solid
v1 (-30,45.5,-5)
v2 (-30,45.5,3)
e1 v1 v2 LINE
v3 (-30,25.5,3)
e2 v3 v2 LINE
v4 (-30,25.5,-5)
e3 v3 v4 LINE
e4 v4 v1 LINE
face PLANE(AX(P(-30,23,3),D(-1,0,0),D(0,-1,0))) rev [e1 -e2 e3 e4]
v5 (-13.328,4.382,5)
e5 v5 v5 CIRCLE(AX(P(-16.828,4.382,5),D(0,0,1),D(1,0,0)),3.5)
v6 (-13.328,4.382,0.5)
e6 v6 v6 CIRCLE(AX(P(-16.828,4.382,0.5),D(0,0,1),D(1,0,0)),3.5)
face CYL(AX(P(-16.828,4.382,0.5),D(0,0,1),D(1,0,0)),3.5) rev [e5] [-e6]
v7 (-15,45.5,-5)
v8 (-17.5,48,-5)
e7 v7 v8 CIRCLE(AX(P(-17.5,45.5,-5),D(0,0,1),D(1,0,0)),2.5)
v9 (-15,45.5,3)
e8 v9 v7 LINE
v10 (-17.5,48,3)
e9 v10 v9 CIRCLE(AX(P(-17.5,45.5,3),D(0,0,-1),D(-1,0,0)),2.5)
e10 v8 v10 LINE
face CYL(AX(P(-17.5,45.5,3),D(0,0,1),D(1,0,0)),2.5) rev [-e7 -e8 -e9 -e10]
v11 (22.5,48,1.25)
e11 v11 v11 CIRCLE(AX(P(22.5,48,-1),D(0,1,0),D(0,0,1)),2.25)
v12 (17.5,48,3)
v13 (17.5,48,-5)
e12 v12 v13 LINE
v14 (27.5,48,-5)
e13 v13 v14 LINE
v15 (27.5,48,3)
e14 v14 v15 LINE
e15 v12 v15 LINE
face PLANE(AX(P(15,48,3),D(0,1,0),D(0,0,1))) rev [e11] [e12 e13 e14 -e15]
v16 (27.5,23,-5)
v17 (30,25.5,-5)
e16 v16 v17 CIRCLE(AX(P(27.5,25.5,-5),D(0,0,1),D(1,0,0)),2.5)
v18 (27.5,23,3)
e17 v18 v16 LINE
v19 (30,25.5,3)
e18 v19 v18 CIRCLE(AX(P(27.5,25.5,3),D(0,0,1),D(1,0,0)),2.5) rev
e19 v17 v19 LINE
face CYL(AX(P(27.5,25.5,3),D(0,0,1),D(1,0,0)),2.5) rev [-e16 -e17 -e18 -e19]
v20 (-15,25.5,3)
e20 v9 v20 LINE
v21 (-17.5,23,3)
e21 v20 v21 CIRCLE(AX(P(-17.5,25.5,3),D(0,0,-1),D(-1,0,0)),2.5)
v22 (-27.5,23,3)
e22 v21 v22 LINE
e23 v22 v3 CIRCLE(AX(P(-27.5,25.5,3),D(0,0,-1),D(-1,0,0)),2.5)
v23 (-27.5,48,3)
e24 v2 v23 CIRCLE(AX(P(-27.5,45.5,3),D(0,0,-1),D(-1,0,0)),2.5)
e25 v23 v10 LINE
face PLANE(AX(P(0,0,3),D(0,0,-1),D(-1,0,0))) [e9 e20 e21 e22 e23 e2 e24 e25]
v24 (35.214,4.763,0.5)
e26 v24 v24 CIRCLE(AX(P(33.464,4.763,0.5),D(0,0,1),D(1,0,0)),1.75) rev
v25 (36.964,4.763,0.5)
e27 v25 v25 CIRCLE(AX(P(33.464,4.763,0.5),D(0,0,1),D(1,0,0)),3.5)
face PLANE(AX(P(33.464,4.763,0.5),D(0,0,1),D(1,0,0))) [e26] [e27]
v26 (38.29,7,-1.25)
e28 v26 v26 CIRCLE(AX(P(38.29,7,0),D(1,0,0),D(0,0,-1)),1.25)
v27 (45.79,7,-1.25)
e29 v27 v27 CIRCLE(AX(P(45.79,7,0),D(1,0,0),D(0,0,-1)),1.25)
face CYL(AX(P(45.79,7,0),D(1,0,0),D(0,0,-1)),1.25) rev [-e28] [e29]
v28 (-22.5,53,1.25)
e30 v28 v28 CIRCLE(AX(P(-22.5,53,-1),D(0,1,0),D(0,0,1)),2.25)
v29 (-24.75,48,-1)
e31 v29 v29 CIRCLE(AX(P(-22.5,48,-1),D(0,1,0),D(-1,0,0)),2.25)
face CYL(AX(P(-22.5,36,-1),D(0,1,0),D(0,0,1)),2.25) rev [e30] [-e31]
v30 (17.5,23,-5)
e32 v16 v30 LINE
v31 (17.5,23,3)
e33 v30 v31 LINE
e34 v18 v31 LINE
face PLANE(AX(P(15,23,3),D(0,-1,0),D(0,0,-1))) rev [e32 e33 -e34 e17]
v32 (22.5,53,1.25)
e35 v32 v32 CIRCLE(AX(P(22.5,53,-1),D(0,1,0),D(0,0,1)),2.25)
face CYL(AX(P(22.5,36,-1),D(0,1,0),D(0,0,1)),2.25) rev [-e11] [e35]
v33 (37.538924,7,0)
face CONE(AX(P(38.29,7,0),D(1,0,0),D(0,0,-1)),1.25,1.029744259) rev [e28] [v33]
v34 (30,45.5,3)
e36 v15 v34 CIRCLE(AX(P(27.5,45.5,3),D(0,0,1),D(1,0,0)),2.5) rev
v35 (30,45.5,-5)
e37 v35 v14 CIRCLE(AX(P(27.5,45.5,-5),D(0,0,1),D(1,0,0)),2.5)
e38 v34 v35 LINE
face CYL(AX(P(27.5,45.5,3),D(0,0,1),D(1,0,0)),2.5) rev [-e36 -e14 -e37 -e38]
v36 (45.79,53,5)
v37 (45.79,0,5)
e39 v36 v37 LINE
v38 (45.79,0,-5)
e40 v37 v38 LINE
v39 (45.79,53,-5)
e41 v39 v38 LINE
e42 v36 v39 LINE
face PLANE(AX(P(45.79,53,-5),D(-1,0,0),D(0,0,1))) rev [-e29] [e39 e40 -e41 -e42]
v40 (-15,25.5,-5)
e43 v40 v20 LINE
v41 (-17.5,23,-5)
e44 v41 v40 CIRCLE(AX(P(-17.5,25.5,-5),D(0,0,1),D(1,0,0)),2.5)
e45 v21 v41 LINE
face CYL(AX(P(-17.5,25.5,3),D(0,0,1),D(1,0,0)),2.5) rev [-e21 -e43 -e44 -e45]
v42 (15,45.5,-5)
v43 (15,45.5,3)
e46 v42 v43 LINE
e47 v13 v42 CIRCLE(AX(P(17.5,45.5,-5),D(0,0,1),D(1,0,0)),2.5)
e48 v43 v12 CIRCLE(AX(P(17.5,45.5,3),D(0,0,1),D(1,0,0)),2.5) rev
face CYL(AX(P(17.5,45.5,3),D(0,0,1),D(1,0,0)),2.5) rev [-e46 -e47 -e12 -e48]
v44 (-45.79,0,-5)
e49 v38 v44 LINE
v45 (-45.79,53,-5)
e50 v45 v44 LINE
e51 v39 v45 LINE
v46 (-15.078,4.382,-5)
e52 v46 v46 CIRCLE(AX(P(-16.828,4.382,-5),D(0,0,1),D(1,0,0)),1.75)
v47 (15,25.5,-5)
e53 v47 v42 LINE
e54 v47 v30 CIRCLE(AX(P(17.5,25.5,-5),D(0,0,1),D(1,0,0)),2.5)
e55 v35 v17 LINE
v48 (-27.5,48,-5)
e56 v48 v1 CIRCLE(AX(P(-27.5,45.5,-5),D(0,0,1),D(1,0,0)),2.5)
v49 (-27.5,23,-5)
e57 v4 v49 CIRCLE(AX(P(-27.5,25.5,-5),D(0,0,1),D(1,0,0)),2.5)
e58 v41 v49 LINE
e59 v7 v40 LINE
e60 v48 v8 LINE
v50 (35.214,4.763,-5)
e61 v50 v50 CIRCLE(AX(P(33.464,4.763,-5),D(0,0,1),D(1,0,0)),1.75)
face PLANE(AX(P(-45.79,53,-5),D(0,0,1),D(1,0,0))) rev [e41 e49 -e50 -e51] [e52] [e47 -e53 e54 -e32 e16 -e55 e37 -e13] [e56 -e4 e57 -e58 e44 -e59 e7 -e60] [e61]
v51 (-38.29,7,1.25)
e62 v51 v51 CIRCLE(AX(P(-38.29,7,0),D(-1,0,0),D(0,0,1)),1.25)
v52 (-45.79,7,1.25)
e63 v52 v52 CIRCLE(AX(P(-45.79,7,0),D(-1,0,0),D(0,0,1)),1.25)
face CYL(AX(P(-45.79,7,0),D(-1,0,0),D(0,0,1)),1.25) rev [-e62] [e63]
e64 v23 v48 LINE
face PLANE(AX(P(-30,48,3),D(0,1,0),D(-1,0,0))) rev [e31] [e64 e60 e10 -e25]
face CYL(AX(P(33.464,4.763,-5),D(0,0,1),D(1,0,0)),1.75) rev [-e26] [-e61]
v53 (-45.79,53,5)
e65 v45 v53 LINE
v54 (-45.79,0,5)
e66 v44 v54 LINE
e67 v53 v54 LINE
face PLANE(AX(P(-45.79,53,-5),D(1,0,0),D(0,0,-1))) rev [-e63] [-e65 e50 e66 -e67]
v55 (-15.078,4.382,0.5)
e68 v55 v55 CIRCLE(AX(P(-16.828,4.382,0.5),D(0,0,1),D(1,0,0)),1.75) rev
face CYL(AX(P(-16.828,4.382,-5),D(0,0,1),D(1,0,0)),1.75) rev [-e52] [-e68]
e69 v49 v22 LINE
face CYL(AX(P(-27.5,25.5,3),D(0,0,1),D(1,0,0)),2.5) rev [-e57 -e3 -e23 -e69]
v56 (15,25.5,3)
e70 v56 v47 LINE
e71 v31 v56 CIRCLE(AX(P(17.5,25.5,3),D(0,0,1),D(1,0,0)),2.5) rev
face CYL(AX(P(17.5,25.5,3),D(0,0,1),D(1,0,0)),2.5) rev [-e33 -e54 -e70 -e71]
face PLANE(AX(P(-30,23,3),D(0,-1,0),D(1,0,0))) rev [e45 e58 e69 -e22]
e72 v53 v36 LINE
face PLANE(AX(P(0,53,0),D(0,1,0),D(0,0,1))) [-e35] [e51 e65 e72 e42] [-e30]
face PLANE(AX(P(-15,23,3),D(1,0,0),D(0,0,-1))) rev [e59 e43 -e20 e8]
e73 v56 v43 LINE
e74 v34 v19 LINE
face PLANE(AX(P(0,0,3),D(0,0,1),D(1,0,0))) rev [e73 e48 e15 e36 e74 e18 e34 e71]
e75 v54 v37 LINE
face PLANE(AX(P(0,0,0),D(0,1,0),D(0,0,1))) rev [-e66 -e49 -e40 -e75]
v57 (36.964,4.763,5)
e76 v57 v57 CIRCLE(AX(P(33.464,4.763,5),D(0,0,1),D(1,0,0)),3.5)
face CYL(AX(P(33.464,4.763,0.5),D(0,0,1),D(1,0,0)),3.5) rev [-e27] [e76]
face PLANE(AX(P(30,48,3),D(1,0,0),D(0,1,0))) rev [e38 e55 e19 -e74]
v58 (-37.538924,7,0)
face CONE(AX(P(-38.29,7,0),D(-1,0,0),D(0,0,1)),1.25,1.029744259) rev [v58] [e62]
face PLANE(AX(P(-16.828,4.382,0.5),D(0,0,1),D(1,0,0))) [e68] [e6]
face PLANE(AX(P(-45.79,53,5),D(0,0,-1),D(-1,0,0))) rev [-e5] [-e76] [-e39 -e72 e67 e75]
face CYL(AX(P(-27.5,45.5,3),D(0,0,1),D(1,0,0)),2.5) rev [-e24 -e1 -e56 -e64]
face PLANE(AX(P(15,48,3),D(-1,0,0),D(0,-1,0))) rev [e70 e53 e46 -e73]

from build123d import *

# Parameters (mm, degrees)
SKETCH1_W           = 91.58
SKETCH1_H           = 10
BOSS_EXTRUDE1_DEPTH = 53
SKETCH2_R           = 1.75
CUT_EXTRUDE1_DEPTH  = 71.75114204
SKETCH4_W           = 15
SKETCH4_H           = 25
CUT_EXTRUDE3_DEPTH  = 8
SKETCH5_R           = 2.25
CUT_EXTRUDE4_DEPTH  = 17
SKETCH7_R           = 3.5
CUT_EXTRUDE5_DEPTH  = 4.5
FILLET1_R           = 2.5


with BuildPart() as part:
    # Sketch1 → Boss-Extrude1 (new body)
    with BuildSketch(Plane(origin=(0, 0, 0), x_dir=(1, 0, 0), z_dir=(0, 1, 0))):
        Rectangle(SKETCH1_W, SKETCH1_H)
    extrude(amount=BOSS_EXTRUDE1_DEPTH)

    # Sketch2 → Cut-Extrude1 (cut, through all)
    with BuildSketch(Plane.XY.offset(5)):
        with Locations((33.464, 4.763)):
            Circle(SKETCH2_R)
        with Locations((-16.828, 4.382)):
            Circle(SKETCH2_R)
    extrude(amount=-CUT_EXTRUDE1_DEPTH, mode=Mode.SUBTRACT)

    # Sketch4 → Cut-Extrude3 (cut)
    with BuildSketch(Plane(origin=(0, 0, -5), x_dir=(-1, 0, 0), z_dir=(0, 0, -1))):
        with Locations((22.5, 35.5)):
            Rectangle(SKETCH4_W, SKETCH4_H)
        with Locations((-22.5, 35.5)):
            Rectangle(SKETCH4_W, SKETCH4_H)
    extrude(amount=-CUT_EXTRUDE3_DEPTH, mode=Mode.SUBTRACT)

    # Sketch5 → Cut-Extrude4 (cut)
    with BuildSketch(Plane(origin=(0, 53, 0), x_dir=(1, 0, 0), z_dir=(0, 1, 0))):
        with Locations(Location((22.5, 1, 0), (0, 0, 270))):
            Circle(SKETCH5_R)
        with Locations(Location((-22.5, 1, 0), (0, 0, 270))):
            Circle(SKETCH5_R)
    extrude(amount=-CUT_EXTRUDE4_DEPTH, mode=Mode.SUBTRACT)

    # Sketch7 → Cut-Extrude5 (cut)
    with BuildSketch(Plane.XY.offset(5)):
        with Locations((33.464, 4.763)):
            Circle(SKETCH7_R)
        with Locations((-16.828, 4.382)):
            Circle(SKETCH7_R)
    extrude(amount=-CUT_EXTRUDE5_DEPTH, mode=Mode.SUBTRACT)

    # Sketch9 → M3 Tapped Hole1 (revolve, cut)
    with BuildSketch(Plane(origin=(-45.79, 7, 0), x_dir=(0, 0, 1), z_dir=(0, 1, 0))):
        Polygon((0, 0), (0, 8.251075774), (1.25, 7.5), (1.25, 0), align=None)
    m3_tapped_hole1 = revolve(axis=Axis((-52.14, 7, 0), (1, 0, 0)), mode=Mode.SUBTRACT)

    # Mirror1: M3 Tapped Hole1 across plane
    add(m3_tapped_hole1.mirror(Plane(origin=(0, 0, 0), x_dir=(0, 0, 1), z_dir=(1, 0, 0))), mode=Mode.SUBTRACT)

    # Fillet1
    fillet1_edges = [part.edges().sort_by_distance(p)[0] for p in [
        (-30, 48, -1),
        (-30, 23, -1),
        (-15, 23, -1),
        (-15, 48, -1),
        (15, 48, -1),
        (15, 23, -1),
        (30, 23, -1),
        (30, 48, -1),
    ]]
    fillet(fillet1_edges, radius=FILLET1_R)


solid = part.part
